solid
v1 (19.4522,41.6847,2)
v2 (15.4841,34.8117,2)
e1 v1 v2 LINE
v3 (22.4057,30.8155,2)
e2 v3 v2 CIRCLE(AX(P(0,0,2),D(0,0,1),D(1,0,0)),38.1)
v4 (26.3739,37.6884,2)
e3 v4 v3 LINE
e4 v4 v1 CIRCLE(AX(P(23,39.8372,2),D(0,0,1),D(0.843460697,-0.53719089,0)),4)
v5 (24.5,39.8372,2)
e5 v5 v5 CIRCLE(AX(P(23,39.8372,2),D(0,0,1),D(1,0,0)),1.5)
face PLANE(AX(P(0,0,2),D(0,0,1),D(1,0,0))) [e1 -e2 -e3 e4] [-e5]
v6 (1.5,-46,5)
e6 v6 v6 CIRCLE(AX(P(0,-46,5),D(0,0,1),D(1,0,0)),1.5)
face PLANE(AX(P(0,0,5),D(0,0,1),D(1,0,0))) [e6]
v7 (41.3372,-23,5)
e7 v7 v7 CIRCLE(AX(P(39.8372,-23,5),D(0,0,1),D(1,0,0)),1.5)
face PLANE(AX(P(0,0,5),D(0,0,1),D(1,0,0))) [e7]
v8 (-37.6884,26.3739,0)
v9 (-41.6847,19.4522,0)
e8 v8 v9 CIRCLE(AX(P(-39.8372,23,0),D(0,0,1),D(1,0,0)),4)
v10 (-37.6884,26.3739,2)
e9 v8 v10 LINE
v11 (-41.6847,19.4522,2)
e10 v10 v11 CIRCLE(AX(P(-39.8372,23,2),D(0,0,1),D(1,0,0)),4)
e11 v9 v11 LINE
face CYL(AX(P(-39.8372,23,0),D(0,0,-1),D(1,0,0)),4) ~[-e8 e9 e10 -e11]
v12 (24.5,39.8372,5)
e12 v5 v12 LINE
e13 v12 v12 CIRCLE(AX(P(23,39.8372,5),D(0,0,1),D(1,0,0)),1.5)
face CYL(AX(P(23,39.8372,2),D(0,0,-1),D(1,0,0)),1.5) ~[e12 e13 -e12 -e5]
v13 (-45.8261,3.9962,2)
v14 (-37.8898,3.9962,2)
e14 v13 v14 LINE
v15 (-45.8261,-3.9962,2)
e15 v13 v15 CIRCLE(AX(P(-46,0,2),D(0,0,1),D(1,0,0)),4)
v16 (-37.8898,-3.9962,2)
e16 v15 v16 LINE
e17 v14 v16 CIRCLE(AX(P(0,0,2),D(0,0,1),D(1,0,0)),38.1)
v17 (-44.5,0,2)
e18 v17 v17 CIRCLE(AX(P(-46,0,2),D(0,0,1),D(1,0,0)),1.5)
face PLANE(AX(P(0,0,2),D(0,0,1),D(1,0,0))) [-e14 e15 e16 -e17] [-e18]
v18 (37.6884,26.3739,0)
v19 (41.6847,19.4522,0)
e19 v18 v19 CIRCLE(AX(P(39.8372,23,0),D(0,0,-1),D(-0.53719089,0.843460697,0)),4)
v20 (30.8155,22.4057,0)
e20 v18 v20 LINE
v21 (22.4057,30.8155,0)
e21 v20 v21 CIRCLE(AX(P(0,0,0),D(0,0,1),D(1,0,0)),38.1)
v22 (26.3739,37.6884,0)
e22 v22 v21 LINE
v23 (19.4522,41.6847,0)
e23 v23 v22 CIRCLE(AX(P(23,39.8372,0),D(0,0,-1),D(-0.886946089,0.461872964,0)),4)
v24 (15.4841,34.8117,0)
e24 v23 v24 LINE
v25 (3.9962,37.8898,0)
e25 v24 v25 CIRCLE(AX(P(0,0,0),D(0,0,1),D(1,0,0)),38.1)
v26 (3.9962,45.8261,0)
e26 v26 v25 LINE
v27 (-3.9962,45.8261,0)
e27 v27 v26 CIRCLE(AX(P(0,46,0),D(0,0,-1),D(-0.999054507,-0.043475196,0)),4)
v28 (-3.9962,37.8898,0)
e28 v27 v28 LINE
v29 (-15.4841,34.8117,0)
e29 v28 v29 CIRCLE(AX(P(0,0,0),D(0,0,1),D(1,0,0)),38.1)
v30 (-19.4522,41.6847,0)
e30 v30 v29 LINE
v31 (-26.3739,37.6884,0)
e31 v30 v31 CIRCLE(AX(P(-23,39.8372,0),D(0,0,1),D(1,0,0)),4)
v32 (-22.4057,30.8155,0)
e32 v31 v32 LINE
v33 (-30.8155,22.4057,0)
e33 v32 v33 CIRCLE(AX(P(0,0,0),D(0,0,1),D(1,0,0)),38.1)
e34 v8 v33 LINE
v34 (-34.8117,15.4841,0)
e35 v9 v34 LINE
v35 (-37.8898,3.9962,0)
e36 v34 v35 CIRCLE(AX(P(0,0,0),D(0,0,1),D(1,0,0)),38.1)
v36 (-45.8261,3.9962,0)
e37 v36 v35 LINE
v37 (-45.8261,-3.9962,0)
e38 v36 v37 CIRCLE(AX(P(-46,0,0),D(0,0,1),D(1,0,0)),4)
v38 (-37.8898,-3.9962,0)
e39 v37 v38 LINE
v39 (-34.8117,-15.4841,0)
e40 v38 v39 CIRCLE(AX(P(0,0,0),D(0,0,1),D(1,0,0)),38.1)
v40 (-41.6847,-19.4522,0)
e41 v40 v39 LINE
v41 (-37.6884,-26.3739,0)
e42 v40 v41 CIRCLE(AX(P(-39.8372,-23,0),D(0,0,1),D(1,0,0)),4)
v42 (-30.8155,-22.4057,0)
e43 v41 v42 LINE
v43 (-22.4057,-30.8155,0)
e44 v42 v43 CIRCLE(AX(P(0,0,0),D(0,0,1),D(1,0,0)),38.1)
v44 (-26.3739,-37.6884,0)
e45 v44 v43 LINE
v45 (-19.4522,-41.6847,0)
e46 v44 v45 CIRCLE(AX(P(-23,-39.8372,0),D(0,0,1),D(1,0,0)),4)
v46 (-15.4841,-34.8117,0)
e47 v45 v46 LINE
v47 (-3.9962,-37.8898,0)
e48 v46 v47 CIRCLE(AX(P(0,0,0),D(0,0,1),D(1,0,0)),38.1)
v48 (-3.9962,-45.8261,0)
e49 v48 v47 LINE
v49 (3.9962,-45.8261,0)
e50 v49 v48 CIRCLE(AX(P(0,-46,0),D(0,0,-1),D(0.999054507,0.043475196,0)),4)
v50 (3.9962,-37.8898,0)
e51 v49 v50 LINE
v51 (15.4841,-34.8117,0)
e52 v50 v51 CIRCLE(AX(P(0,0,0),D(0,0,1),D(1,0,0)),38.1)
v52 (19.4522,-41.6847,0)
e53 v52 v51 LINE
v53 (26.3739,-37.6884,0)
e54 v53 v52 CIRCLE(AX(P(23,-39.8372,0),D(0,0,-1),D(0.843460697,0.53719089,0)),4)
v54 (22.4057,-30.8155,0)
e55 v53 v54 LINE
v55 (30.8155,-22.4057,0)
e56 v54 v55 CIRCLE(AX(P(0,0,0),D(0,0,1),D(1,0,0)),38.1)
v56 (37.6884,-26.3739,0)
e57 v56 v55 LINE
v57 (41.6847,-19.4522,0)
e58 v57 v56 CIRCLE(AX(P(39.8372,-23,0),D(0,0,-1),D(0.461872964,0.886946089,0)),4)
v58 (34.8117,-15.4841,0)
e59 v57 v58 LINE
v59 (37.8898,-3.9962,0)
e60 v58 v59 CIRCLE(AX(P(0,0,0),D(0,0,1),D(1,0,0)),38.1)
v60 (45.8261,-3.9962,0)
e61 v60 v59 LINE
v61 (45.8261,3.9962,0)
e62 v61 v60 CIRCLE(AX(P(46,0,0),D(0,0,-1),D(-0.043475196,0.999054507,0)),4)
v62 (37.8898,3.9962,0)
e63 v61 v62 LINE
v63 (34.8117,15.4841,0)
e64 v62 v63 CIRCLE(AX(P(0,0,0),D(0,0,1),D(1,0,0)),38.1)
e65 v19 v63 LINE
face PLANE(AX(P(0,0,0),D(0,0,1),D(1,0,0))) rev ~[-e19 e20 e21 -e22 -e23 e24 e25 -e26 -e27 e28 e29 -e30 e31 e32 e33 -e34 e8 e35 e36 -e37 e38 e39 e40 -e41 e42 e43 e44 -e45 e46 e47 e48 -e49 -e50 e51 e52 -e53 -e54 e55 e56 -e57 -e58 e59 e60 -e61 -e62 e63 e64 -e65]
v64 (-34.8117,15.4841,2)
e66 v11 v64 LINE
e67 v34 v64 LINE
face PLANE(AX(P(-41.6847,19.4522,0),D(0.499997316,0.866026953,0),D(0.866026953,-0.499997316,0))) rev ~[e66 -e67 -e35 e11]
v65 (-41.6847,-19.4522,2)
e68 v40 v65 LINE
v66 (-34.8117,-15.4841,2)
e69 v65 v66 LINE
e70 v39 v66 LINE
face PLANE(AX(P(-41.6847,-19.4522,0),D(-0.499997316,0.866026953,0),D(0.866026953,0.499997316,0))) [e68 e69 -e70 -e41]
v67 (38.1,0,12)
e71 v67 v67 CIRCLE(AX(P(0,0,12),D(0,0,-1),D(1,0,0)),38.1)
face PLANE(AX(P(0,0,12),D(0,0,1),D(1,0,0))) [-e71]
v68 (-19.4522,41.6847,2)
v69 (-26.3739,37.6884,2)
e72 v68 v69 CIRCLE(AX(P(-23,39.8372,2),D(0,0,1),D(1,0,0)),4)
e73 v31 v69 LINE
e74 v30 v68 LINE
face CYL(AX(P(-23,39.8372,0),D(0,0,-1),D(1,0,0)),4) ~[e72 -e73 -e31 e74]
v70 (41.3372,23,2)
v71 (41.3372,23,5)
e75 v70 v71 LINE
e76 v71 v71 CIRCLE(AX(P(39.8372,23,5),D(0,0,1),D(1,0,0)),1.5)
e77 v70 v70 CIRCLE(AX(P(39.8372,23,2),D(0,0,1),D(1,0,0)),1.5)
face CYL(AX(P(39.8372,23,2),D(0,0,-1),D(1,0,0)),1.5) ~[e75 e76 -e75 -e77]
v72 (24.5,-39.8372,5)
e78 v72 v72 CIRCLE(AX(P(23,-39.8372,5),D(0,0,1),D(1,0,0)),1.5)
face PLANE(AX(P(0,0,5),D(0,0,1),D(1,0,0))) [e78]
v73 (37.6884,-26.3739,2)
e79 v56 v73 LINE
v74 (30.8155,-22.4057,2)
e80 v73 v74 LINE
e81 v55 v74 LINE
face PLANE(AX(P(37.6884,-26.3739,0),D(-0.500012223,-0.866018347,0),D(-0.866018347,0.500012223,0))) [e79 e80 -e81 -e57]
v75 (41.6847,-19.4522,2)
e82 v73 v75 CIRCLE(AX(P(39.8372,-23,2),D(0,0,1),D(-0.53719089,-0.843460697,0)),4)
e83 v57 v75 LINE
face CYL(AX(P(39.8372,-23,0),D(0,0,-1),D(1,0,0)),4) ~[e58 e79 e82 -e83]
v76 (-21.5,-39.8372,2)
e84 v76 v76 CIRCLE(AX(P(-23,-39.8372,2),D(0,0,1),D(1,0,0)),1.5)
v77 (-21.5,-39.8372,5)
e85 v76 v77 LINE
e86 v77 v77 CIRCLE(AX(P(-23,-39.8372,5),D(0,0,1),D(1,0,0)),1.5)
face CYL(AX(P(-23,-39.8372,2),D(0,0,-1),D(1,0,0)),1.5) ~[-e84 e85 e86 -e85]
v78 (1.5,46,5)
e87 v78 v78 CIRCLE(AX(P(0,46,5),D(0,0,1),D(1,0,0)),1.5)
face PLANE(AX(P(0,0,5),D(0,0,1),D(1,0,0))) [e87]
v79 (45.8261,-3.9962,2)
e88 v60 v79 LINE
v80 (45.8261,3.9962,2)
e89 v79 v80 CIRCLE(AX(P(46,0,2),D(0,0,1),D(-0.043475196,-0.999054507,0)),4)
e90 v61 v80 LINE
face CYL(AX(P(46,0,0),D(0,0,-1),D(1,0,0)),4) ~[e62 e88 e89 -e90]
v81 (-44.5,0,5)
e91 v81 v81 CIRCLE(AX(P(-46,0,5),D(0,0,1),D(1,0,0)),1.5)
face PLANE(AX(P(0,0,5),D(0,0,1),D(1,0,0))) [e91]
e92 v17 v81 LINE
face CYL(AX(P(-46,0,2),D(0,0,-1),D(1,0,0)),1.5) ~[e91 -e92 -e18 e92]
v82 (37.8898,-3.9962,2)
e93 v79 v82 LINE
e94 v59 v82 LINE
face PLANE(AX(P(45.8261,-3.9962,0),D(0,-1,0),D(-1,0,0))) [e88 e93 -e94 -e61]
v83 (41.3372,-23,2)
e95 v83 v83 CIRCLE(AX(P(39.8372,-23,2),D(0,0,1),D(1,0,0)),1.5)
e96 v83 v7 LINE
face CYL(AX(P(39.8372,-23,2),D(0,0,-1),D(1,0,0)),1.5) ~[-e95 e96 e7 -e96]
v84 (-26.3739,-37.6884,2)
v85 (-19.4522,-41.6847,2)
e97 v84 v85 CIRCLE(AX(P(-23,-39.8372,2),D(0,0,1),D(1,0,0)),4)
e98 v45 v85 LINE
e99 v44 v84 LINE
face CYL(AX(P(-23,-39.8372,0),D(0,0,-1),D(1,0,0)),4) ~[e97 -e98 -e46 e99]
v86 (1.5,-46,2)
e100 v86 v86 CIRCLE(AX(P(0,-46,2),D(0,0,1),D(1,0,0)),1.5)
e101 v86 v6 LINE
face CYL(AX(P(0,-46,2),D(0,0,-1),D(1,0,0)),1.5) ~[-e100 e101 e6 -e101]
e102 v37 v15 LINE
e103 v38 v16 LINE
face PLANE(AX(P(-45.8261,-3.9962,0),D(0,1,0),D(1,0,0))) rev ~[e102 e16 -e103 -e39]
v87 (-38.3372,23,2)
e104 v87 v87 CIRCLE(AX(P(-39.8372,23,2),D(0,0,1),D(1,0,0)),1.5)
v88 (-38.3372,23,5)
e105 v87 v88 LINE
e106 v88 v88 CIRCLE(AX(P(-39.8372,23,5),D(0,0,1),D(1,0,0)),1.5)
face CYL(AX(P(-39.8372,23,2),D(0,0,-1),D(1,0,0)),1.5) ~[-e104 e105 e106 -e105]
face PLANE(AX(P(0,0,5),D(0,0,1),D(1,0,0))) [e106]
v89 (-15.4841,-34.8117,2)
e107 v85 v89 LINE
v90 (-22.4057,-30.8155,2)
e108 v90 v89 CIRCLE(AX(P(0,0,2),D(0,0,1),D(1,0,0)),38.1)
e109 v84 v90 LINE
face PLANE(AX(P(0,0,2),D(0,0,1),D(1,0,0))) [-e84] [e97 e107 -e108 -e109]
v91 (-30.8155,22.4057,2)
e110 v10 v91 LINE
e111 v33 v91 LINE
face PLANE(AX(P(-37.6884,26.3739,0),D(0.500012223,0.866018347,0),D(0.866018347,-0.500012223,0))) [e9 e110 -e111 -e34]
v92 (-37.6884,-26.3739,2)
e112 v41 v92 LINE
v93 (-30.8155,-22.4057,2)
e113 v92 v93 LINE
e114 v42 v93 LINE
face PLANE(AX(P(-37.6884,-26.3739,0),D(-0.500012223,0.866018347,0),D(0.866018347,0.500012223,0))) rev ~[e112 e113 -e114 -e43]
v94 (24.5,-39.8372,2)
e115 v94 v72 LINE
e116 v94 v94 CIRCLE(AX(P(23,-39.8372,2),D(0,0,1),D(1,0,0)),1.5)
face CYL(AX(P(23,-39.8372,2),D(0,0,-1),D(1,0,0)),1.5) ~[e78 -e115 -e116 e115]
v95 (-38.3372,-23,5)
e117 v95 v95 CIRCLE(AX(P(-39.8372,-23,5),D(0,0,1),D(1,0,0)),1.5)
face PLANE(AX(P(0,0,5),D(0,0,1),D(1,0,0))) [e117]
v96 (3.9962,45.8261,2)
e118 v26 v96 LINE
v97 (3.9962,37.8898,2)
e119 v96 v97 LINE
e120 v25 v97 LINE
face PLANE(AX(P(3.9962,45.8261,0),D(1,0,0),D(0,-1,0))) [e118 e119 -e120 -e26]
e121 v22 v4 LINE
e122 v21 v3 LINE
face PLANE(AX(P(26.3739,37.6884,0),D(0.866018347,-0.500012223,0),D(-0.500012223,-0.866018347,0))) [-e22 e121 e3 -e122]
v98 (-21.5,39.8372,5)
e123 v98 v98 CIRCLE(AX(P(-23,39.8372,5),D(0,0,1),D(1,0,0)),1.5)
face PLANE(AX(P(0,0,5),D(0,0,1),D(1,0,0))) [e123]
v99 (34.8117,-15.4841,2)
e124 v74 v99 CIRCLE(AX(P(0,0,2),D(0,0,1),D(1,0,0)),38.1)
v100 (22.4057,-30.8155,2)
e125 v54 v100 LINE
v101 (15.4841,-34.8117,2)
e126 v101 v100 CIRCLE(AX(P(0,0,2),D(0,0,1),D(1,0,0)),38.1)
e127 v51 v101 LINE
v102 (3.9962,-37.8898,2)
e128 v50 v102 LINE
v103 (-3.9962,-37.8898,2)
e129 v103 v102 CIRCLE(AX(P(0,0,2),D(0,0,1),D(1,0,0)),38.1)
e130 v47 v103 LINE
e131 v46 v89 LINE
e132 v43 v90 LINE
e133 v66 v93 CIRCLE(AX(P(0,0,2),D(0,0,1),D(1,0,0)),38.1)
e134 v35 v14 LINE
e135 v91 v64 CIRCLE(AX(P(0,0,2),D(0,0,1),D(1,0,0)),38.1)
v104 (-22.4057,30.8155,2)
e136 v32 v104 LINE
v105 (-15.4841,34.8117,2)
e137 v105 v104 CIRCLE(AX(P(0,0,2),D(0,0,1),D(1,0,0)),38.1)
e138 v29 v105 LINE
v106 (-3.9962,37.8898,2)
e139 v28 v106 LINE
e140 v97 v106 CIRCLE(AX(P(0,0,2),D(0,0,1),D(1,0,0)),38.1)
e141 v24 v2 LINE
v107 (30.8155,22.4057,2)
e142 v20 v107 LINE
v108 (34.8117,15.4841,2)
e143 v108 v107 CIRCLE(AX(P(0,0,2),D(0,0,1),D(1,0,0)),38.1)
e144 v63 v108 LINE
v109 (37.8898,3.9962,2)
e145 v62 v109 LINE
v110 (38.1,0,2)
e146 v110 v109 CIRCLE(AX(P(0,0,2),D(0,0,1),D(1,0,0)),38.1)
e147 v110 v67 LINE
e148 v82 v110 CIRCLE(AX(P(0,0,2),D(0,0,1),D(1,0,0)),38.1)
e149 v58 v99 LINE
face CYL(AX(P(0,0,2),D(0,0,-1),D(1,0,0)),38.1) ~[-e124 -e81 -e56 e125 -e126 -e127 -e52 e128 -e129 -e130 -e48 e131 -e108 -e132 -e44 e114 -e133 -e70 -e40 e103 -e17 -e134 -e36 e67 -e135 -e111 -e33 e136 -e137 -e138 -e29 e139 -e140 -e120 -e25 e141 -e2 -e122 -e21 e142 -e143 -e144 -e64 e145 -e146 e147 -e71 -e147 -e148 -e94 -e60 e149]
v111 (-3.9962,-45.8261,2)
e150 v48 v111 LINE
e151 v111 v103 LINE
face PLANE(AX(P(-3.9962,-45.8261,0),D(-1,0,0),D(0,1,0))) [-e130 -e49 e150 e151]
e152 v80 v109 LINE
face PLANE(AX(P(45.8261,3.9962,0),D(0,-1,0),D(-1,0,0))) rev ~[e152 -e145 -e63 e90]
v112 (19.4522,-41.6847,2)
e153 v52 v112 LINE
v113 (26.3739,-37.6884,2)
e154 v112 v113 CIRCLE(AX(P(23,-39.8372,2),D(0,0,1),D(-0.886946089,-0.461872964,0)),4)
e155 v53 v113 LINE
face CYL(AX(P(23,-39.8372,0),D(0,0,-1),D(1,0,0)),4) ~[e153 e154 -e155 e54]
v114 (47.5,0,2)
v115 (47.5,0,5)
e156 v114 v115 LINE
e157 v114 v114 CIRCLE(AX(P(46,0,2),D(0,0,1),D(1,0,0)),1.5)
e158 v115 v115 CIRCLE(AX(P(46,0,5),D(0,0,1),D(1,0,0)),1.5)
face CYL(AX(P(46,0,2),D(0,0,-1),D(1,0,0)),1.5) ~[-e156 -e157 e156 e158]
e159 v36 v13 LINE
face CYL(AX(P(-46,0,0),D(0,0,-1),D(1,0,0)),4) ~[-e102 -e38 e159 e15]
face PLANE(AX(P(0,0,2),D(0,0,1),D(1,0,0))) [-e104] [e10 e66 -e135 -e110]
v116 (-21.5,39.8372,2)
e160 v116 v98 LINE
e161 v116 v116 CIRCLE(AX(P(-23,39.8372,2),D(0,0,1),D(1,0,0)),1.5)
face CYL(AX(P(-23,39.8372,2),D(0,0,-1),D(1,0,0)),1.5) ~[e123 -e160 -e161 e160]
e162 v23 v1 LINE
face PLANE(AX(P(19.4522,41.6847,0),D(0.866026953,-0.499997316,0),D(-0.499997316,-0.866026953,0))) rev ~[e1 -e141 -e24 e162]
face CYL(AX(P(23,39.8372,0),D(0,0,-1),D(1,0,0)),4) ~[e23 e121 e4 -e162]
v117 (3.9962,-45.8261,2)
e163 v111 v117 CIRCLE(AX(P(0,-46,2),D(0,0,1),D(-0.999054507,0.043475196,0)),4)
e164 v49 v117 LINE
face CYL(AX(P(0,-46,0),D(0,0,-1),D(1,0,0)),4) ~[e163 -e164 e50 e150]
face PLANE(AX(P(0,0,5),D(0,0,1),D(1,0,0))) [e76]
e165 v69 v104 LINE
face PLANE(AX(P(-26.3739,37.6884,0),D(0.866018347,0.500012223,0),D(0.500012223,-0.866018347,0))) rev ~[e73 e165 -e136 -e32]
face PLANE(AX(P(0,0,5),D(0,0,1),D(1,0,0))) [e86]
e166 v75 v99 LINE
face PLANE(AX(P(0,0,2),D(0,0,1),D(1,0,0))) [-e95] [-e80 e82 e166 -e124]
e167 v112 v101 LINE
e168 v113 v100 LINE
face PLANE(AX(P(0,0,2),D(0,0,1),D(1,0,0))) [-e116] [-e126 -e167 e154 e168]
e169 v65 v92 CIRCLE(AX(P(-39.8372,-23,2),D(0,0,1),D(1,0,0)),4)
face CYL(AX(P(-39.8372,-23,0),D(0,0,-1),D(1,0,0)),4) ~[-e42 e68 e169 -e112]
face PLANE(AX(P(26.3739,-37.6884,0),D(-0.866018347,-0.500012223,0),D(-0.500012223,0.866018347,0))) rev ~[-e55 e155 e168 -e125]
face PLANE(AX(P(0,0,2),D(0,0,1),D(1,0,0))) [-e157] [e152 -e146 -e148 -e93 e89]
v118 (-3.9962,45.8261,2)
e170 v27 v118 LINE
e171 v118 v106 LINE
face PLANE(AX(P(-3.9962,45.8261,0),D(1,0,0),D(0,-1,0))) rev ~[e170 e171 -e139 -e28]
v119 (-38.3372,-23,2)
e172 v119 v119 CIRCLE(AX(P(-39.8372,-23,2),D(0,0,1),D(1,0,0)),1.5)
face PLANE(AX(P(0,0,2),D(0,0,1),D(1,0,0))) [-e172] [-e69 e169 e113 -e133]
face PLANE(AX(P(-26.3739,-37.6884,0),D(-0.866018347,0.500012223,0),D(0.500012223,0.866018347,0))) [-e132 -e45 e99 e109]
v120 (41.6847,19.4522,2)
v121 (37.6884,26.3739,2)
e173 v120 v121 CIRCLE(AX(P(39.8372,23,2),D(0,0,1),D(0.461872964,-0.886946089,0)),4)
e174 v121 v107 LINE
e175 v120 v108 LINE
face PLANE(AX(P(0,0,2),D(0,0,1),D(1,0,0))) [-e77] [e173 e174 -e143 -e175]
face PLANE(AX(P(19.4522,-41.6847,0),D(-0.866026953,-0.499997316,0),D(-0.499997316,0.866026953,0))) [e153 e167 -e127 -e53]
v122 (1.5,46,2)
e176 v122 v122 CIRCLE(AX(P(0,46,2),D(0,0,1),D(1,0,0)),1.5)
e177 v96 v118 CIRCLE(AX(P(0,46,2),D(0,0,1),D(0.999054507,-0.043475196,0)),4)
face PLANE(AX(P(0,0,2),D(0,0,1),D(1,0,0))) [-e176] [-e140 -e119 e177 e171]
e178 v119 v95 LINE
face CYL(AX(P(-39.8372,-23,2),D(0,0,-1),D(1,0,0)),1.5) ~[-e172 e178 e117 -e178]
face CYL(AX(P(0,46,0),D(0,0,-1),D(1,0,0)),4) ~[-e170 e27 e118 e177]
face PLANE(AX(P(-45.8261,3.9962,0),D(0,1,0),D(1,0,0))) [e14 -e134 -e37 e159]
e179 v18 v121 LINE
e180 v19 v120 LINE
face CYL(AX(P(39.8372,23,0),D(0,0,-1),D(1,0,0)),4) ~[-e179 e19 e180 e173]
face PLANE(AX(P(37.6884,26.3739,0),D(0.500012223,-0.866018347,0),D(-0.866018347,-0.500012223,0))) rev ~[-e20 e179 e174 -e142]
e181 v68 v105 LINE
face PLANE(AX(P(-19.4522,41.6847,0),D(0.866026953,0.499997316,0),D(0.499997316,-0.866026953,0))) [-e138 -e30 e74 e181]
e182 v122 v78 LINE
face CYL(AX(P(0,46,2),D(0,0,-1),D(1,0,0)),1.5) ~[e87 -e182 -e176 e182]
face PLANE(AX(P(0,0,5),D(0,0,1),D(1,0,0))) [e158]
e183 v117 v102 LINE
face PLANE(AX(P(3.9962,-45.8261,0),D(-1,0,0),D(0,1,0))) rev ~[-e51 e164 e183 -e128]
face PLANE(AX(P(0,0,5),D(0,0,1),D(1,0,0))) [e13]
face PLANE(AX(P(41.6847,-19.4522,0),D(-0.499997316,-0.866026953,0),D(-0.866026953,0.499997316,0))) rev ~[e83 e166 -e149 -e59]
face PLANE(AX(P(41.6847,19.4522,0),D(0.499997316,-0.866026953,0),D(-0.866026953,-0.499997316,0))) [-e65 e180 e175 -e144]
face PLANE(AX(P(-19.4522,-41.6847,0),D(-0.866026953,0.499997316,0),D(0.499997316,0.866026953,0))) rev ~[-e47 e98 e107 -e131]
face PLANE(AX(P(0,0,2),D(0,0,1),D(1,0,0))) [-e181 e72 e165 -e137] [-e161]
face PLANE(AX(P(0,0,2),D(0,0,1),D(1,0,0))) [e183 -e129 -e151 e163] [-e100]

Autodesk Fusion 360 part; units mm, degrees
sketch "Sketch1" plane through (0, 0, 0) normal (0, 0, 1) x (1, 0, 0)
  circle A0 centre (0, 0) radius 38.1
  circle A1 centre (0, 0) radius 46 construction
  circle A2 centre (0, 46) radius 4
  line L0 (-3.9962, 45.8261) -> (-3.9962, 37.8898)
  line L1 (3.9962, 45.8261) -> (3.9962, 37.8898)
  circle A3 centre (0, 46) radius 1.5
  line L2 (-19.4522, 41.6847) -> (-15.4841, 34.8117)
  line L3 (-26.3739, 37.6884) -> (-22.4057, 30.8155)
  circle A4 centre (-23, 39.8372) radius 4
  circle A5 centre (-23, 39.8372) radius 1.5
  line L4 (-37.6884, 26.3739) -> (-30.8155, 22.4057)
  line L5 (-41.6847, 19.4522) -> (-34.8117, 15.4841)
  circle A6 centre (-39.8372, 23) radius 4
  circle A7 centre (-39.8372, 23) radius 1.5
  line L6 (-45.8261, 3.9962) -> (-37.8898, 3.9962)
  line L7 (-45.8261, -3.9962) -> (-37.8898, -3.9962)
  circle A8 centre (-46, 0) radius 4
  circle A9 centre (-46, 0) radius 1.5
  line L8 (-41.6847, -19.4522) -> (-34.8117, -15.4841)
  line L9 (-37.6884, -26.3739) -> (-30.8155, -22.4057)
  circle A10 centre (-39.8372, -23) radius 4
  circle A11 centre (-39.8372, -23) radius 1.5
  line L10 (-26.3739, -37.6884) -> (-22.4057, -30.8155)
  line L11 (-19.4522, -41.6847) -> (-15.4841, -34.8117)
  circle A12 centre (-23, -39.8372) radius 4
  circle A13 centre (-23, -39.8372) radius 1.5
  line L12 (-3.9962, -45.8261) -> (-3.9962, -37.8898)
  line L13 (3.9962, -45.8261) -> (3.9962, -37.8898)
  circle A14 centre (0, -46) radius 4
  circle A15 centre (0, -46) radius 1.5
  line L14 (19.4522, -41.6847) -> (15.4841, -34.8117)
  line L15 (26.3739, -37.6884) -> (22.4057, -30.8155)
  circle A16 centre (23, -39.8372) radius 4
  circle A17 centre (23, -39.8372) radius 1.5
  line L16 (37.6884, -26.3739) -> (30.8155, -22.4057)
  line L17 (41.6847, -19.4522) -> (34.8117, -15.4841)
  circle A18 centre (39.8372, -23) radius 4
  circle A19 centre (39.8372, -23) radius 1.5
  line L18 (45.8261, -3.9962) -> (37.8898, -3.9962)
  line L19 (45.8261, 3.9962) -> (37.8898, 3.9962)
  circle A20 centre (46, 0) radius 4
  circle A21 centre (46, 0) radius 1.5
  line L20 (41.6847, 19.4522) -> (34.8117, 15.4841)
  line L21 (37.6884, 26.3739) -> (30.8155, 22.4057)
  circle A22 centre (39.8372, 23) radius 4
  circle A23 centre (39.8372, 23) radius 1.5
  line L22 (26.3739, 37.6884) -> (22.4057, 30.8155)
  line L23 (19.4522, 41.6847) -> (15.4841, 34.8117)
  circle A24 centre (23, 39.8372) radius 4
  circle A25 centre (23, 39.8372) radius 1.5
  dimension "d374" = 76.2
  dimension "d375" = 92
  dimension "d376" = 8
  dimension "d377" = 3
  dimension "d379" = 360
extrude "Extrude1" add sketch "Sketch1" along normal blind 2 contours A0 | A0 L18 L19 A20 | A0 L20 L21 A22 | A20 | A0 L16 L17 A18 | A22 | A18 | A0 L22 L23 A24 | A0 L14 L15 A16 | A24 | A16 | A0 A2 L0 L1 | A0 L12 L13 A14 | A2 | A14 | A0 L2 L3 A4 | A0 L10 L11 A12 | A4 | A12 | A0 L4 L5 A6 | A0 L8 L9 A10 | A6 | A10 | A0 L6 L7 A8 | A8 | A3 | A5 | A7 | A9 | A11 | A13 | A15 | A17 | A19 | A21 | A23 | A25
extrude "Extrude2" add sketch "Sketch1" along normal blind 10 from surface at 2 contours A0
extrude "Extrude3" add sketch "Sketch1" along normal blind 3 from surface at 2 contours A3 | A5 | A7 | A9 | A11 | A13 | A15 | A17 | A19 | A21 | A23 | A25
equation "d374 = mmt_id"
equation "mmt_id = 76.2 mm" comment "LOC 75mm MMT"
